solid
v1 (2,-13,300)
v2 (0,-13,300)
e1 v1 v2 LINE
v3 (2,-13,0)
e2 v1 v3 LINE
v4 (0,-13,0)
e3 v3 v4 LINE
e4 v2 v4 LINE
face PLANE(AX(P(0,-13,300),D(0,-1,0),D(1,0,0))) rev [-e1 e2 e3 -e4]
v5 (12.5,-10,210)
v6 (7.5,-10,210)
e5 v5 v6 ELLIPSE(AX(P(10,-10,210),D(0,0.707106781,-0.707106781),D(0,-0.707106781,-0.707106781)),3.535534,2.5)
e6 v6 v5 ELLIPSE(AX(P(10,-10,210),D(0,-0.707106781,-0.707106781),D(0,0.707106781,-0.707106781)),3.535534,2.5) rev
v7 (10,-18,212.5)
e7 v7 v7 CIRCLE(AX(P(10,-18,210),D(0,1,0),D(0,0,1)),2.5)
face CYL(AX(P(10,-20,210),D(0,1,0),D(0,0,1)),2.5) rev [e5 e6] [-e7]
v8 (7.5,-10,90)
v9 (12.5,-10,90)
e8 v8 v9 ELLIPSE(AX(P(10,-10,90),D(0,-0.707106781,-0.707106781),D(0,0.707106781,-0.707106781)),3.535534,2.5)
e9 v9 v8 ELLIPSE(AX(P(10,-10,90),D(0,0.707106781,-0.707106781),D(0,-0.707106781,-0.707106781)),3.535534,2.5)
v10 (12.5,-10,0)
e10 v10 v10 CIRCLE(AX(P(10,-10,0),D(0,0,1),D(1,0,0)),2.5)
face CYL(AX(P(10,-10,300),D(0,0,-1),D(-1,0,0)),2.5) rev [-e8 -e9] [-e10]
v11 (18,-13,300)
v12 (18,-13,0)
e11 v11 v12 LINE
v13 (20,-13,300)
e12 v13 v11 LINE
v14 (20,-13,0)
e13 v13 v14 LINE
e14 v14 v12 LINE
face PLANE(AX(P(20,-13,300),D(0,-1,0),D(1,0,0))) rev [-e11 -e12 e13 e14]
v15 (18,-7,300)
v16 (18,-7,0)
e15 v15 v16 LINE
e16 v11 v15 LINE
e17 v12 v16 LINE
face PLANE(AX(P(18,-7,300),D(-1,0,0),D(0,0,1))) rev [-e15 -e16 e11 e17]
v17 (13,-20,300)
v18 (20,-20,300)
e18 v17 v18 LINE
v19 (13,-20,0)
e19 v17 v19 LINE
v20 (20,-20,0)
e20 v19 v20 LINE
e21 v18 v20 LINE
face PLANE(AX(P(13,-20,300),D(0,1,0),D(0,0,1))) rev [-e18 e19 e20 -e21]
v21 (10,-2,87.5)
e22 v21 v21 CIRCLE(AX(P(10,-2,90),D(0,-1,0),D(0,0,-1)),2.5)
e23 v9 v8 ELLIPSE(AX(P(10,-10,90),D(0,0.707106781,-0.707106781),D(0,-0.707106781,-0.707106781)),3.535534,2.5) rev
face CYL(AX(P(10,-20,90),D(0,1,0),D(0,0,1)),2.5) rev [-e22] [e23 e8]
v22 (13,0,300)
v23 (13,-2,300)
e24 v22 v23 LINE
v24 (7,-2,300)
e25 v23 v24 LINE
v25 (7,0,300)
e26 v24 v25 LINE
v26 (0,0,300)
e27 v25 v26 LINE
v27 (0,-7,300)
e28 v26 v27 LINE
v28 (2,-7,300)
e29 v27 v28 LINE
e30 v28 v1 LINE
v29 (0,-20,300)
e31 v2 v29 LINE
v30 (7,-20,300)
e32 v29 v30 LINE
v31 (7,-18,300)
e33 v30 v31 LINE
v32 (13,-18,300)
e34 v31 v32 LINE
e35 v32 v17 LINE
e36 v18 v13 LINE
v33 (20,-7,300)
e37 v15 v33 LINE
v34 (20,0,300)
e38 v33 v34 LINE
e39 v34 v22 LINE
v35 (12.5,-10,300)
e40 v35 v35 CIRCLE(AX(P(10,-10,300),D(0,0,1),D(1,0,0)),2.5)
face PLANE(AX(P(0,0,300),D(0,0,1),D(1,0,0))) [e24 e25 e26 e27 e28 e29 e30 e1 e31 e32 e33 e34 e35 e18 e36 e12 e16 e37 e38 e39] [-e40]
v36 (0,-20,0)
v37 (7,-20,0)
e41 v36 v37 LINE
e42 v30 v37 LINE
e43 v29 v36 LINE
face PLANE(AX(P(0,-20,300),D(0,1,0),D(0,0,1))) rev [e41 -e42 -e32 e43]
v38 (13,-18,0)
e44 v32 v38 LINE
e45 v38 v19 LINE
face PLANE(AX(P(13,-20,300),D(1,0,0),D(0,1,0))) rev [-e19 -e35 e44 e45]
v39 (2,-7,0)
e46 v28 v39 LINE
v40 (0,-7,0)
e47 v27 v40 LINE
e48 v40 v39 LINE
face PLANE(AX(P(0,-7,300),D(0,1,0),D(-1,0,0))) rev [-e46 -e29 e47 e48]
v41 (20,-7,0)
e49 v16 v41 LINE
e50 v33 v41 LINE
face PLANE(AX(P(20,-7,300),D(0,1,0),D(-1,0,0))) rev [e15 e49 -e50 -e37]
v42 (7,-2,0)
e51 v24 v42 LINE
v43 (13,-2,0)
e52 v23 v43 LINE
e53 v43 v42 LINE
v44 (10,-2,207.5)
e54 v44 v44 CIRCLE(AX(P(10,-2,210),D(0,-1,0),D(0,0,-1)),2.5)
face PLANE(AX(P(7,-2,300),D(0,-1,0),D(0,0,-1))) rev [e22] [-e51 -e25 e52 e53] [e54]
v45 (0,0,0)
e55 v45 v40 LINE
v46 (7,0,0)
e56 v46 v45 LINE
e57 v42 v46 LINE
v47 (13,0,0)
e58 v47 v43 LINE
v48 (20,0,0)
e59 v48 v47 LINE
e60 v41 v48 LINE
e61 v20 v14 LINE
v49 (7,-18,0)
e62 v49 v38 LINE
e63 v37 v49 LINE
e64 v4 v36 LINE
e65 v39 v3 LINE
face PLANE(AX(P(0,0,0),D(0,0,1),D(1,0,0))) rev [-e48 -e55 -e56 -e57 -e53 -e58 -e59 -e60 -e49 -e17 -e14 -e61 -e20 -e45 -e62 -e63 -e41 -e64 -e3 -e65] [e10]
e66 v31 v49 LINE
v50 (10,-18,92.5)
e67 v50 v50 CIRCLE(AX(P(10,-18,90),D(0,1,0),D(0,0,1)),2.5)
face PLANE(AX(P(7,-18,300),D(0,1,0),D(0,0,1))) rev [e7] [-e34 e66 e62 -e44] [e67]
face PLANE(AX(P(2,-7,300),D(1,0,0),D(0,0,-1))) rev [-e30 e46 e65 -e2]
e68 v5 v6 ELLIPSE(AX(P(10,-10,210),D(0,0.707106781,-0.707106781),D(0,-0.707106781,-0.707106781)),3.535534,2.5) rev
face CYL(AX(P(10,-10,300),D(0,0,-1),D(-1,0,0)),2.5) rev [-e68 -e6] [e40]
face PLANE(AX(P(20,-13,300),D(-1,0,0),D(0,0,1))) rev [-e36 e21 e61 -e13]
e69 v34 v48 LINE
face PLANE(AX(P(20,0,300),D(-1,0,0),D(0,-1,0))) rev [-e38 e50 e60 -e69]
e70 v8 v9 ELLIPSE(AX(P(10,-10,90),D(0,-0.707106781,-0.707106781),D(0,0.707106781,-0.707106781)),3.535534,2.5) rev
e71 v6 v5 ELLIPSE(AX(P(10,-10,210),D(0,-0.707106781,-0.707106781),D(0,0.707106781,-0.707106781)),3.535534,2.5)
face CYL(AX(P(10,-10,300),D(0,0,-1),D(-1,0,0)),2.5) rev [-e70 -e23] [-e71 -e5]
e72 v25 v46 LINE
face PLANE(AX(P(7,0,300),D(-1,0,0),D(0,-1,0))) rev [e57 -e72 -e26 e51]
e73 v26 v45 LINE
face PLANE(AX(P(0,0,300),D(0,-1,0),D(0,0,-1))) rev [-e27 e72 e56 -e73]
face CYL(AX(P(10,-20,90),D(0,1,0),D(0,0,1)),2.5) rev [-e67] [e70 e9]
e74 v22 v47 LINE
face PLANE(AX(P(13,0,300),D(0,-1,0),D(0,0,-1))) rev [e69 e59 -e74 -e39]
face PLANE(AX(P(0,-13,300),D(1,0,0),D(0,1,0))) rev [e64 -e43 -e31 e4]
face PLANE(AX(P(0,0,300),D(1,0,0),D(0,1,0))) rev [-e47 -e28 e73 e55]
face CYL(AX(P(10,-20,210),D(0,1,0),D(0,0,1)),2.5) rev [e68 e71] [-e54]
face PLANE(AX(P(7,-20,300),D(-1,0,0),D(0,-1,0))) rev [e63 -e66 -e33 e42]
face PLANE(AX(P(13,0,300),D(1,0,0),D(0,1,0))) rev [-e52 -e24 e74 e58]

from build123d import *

# Parameters (mm, degrees)
SKETCH_1_R          = 2.5
EXTRUDE_1_DEPTH     = 300
SKETCH_2_R          = 2.5
CUT_EXTRUDE_1_DEPTH = 302.330383466


with BuildPart() as part:
    # 草图1 → 凸台-拉伸1 (new body)
    with BuildSketch(Plane.XY):
        Polygon((0, -13), (0, -20), (7, -20), (7, -18), (13, -18), (13, -20), (20, -20), (20, -13), (18, -13), (18, -7), (20, -7), (20, 0), (13, 0), (13, -2), (7, -2), (7, 0), (0, 0), (0, -7), (2, -7), (2, -13), align=None)
        with Locations((10, -10)):
            Circle(SKETCH_1_R, mode=Mode.SUBTRACT)
    extrude(amount=EXTRUDE_1_DEPTH)

    # 草图2 → 切除-拉伸1 (cut, through all)
    with BuildSketch(Plane(origin=(0, 0, 0), x_dir=(1, 0, 0), z_dir=(0, 1, 0))):
        with Locations(Location((10, -90, 0), (0, 0, 270))):
            Circle(SKETCH_2_R)
        with Locations(Location((10, -210, 0), (0, 0, 270))):
            Circle(SKETCH_2_R)
    extrude(amount=-CUT_EXTRUDE_1_DEPTH, mode=Mode.SUBTRACT)


solid = part.part
